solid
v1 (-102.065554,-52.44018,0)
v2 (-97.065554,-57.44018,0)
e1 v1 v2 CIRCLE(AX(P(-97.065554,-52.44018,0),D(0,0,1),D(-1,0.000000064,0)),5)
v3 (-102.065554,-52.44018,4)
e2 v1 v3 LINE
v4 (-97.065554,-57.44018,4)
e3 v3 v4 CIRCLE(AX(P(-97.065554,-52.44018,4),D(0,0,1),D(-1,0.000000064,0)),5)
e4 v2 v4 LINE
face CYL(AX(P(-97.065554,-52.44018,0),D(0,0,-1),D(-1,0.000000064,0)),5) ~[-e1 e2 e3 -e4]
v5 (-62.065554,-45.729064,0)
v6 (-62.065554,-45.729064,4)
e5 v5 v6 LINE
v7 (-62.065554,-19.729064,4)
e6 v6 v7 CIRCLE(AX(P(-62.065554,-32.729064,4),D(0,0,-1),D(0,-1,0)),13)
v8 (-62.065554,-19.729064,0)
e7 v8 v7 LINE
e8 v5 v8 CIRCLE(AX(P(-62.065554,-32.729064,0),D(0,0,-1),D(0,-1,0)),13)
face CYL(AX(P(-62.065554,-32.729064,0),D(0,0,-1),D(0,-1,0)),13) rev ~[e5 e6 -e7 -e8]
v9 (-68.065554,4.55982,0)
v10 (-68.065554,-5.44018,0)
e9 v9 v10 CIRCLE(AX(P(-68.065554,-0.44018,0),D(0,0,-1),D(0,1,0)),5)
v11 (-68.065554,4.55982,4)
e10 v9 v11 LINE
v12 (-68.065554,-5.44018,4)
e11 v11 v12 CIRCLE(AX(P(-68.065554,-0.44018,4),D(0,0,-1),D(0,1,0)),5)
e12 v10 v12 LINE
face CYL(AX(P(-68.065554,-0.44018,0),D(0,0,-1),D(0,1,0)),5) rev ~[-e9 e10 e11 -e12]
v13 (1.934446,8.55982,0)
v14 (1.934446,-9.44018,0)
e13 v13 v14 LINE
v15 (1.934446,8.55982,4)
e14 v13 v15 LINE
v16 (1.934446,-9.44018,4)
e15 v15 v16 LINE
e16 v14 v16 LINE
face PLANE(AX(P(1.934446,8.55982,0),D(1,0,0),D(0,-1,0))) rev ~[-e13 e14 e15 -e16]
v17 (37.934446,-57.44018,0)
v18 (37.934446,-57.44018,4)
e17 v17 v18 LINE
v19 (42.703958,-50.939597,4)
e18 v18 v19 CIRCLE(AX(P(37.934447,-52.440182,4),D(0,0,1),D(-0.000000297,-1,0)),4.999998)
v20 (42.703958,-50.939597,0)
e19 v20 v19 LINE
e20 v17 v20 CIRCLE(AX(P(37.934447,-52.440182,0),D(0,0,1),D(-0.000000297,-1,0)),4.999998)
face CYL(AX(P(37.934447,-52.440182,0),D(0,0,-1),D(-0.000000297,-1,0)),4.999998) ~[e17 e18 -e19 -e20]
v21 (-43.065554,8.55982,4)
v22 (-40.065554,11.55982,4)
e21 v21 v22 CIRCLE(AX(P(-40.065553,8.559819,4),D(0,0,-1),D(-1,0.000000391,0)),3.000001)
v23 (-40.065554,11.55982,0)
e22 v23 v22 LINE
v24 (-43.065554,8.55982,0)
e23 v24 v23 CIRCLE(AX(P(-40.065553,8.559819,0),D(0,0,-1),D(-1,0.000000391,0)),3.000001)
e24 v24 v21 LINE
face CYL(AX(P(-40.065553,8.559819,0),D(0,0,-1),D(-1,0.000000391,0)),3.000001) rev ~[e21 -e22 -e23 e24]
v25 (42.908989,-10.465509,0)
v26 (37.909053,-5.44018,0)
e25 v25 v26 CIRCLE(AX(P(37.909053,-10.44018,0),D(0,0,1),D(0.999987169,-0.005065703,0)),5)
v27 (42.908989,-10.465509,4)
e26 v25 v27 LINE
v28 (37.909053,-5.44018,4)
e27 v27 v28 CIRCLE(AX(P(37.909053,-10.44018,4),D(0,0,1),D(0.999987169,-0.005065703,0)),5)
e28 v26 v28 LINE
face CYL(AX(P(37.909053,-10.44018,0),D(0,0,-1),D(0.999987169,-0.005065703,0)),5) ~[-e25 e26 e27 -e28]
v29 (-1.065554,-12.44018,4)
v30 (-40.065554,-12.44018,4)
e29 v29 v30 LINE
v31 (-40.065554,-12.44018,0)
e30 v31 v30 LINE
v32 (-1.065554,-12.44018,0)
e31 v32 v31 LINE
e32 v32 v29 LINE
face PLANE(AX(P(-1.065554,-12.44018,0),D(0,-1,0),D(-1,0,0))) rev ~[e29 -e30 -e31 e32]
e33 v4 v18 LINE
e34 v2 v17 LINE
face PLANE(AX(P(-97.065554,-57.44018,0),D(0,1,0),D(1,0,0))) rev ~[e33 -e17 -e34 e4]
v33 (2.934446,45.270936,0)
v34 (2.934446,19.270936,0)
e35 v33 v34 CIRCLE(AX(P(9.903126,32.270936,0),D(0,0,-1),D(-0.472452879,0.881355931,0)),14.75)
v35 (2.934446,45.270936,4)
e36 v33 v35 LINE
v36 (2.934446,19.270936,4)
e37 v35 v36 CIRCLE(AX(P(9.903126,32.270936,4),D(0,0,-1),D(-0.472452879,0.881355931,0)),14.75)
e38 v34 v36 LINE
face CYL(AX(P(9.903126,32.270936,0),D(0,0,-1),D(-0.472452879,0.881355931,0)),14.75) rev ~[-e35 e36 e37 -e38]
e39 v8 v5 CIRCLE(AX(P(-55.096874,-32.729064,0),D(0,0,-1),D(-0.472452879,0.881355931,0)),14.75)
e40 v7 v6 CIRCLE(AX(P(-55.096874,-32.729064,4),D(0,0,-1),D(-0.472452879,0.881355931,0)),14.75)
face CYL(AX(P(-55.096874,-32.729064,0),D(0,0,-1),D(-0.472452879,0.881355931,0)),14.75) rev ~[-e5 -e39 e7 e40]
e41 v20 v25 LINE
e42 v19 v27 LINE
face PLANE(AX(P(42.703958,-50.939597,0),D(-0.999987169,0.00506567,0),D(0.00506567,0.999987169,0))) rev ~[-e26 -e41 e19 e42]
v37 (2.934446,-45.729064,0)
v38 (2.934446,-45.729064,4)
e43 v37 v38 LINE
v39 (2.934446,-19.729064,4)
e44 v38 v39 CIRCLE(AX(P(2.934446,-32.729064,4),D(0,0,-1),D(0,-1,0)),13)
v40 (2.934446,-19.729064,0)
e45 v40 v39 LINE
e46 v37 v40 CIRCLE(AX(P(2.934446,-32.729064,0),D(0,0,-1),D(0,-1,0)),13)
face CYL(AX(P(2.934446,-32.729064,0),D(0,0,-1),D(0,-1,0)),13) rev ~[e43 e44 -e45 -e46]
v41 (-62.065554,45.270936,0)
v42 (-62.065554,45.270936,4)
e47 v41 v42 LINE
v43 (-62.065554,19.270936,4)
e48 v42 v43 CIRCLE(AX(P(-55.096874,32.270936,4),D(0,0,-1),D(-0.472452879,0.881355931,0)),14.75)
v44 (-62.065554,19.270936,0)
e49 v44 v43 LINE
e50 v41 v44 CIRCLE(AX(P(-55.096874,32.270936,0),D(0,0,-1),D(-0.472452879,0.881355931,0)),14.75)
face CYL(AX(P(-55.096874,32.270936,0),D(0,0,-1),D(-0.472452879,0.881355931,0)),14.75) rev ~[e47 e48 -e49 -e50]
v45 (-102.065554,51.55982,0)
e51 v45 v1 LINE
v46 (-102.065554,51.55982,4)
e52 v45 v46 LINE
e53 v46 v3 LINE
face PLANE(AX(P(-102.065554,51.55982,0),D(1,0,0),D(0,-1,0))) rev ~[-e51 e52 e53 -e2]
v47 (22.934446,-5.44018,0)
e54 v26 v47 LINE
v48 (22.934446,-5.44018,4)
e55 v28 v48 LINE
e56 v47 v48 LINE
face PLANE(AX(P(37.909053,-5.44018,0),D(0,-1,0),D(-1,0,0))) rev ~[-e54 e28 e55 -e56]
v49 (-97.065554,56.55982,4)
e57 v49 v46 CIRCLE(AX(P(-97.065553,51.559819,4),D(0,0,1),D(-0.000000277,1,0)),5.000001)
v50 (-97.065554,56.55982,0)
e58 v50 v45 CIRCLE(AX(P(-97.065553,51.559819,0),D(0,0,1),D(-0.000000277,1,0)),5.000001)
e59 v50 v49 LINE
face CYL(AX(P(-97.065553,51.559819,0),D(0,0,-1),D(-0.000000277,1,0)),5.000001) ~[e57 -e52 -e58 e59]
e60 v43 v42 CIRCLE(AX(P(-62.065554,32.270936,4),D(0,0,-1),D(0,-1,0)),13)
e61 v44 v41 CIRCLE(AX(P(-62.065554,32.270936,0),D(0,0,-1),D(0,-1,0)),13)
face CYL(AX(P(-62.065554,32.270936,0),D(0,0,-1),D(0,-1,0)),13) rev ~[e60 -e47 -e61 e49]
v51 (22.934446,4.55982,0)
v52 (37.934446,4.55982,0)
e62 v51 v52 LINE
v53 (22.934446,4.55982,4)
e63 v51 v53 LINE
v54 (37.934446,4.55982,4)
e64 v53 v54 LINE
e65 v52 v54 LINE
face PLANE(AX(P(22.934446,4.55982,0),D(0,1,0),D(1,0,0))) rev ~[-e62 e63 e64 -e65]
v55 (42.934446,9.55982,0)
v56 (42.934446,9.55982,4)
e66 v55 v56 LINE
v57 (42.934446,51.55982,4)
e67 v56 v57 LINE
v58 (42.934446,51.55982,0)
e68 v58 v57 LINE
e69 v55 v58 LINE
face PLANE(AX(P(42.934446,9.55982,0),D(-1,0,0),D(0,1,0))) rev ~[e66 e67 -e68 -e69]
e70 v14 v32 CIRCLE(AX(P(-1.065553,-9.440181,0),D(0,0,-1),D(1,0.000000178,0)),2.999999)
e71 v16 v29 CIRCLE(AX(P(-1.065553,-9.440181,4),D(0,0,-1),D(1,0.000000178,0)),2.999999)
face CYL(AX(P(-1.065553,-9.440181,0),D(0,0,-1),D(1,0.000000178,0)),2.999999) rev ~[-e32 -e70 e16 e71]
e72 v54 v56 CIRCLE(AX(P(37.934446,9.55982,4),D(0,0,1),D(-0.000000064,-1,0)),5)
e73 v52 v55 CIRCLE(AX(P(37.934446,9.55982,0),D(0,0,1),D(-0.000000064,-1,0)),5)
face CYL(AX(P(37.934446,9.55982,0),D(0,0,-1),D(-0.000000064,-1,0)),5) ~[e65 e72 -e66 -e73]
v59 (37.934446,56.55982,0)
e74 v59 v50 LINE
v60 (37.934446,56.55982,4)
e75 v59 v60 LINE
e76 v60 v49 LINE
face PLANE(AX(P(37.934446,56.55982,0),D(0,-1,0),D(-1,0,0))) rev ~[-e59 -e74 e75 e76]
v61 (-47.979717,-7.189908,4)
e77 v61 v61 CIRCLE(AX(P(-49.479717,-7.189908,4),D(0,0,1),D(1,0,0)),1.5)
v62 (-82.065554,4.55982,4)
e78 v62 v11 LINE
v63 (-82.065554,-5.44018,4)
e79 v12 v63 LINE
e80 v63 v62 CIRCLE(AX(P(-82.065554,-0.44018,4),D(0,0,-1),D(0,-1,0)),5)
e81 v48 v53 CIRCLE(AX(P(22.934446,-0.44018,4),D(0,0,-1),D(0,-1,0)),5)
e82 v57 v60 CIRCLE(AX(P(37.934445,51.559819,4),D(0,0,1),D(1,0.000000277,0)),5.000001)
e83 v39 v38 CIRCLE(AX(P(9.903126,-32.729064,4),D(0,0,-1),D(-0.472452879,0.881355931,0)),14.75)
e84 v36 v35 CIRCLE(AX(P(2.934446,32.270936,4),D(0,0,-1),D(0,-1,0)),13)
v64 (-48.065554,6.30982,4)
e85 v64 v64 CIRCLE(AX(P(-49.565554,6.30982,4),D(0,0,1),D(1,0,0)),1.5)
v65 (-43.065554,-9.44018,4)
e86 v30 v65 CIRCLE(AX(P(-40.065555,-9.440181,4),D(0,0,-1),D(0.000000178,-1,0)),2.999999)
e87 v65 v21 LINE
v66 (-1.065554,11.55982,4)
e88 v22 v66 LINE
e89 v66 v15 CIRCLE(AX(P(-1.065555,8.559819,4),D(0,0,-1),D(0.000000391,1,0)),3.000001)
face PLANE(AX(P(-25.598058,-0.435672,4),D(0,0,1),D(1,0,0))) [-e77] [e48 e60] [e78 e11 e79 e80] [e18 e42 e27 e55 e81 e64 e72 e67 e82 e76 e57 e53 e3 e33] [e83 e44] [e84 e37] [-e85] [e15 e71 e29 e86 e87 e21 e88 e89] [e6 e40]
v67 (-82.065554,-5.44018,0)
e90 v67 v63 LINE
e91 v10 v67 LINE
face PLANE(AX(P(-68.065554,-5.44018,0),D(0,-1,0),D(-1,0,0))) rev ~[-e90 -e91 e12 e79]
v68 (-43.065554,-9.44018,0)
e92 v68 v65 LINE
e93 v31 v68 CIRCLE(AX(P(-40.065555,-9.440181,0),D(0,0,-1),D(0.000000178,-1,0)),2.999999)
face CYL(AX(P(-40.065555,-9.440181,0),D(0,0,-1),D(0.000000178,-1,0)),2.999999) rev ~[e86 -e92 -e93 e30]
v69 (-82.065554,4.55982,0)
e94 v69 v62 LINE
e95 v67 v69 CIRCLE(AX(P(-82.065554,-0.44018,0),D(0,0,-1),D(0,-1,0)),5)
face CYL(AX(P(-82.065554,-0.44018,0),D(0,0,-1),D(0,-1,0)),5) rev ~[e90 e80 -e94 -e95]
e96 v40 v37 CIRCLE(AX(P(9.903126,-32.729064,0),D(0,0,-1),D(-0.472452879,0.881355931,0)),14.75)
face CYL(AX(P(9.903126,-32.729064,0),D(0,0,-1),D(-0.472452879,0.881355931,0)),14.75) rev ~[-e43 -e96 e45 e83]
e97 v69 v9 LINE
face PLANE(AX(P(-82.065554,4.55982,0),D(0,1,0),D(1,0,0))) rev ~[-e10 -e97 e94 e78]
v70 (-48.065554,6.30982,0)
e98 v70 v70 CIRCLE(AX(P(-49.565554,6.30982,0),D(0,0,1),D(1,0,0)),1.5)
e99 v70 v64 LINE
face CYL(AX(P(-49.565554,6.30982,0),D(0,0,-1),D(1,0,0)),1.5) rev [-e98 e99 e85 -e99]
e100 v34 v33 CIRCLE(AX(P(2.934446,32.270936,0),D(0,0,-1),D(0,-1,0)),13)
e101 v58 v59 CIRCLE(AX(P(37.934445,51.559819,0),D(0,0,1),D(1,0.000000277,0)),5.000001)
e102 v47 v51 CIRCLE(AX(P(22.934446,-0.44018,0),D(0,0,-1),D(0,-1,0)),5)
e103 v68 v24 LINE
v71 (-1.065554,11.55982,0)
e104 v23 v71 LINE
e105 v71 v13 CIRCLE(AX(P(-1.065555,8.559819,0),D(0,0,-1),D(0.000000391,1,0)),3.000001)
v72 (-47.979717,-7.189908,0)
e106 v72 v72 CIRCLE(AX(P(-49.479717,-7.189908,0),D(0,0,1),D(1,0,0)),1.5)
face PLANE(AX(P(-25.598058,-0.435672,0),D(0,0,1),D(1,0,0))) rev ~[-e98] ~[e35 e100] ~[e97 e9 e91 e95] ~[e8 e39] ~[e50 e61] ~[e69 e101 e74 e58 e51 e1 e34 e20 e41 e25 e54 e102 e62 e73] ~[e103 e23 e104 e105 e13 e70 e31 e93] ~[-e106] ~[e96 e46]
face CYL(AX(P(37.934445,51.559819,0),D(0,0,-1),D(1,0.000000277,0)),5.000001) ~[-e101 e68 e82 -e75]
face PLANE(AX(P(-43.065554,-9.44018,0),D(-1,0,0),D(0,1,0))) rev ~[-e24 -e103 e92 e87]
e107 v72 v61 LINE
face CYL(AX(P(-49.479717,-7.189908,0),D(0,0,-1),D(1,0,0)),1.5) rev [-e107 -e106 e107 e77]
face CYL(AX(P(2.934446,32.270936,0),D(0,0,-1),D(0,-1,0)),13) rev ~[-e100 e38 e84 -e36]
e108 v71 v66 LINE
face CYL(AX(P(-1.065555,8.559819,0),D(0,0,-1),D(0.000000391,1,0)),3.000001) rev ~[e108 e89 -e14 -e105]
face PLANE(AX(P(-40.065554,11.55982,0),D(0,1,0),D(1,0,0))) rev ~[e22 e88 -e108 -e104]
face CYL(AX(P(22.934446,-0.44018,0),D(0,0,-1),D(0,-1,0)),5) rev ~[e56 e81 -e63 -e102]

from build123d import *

# Parameters (mm, degrees)
F0_R     = 1.5
F1_DEPTH = 4


with BuildPart() as f1:
    # F0 (on Top) → F1 (new body)
    with BuildSketch(Plane.XY):
        with BuildLine():
            Line((37.934446, 56.55982), (-97.065554, 56.55982))
            ThreePointArc((-97.065554, 56.55982), (-100.601088, 55.095353), (-102.065554, 51.55982))
            Line((-102.065554, 51.55982), (-102.065554, 16.55982))
            Line((-102.065554, 16.55982), (-102.065554, -17.44018))
            Line((-102.065554, -17.44018), (-102.065554, -52.44018))
            ThreePointArc((-102.065554, -52.44018), (-100.601088, -55.975714), (-97.065554, -57.44018))
            Line((-97.065554, -57.44018), (37.934446, -57.44018))
            ThreePointArc((37.934446, -57.44018), (41.965756, -55.397974), (42.703958, -50.939597))
            Line((42.703958, -50.939597), (42.908989, -10.465509))
            ThreePointArc((42.908989, -10.465509), (41.453531, -6.913613), (37.909053, -5.44018))
            Line((37.909053, -5.44018), (36.934446, -5.44018))
            Line((36.934446, -5.44018), (22.934446, -5.44018))
            ThreePointArc((22.934446, -5.44018), (17.934446, -0.44018), (22.934446, 4.55982))
            Line((22.934446, 4.55982), (36.934446, 4.55982))
            Line((36.934446, 4.55982), (37.934446, 4.55982))
            ThreePointArc((37.934446, 4.55982), (41.46998, 6.024286), (42.934446, 9.55982))
            Line((42.934446, 9.55982), (42.934446, 51.55982))
            ThreePointArc((42.934446, 51.55982), (41.46998, 55.095353), (37.934446, 56.55982))
        make_face()
        with BuildLine():
            ThreePointArc((-62.065554, -45.729064), (-75.065554, -32.729064), (-62.065554, -19.729064))
            ThreePointArc((-62.065554, -19.729064), (-40.346874, -32.729064), (-62.065554, -45.729064))
        make_face(mode=Mode.SUBTRACT)
        with Locations((-49.479717, -7.189908)):
            Circle(F0_R, mode=Mode.SUBTRACT)
        with BuildLine():
            ThreePointArc((2.934446, -45.729064), (-10.065554, -32.729064), (2.934446, -19.729064))
            ThreePointArc((2.934446, -19.729064), (24.653126, -32.729064), (2.934446, -45.729064))
        make_face(mode=Mode.SUBTRACT)
        with BuildLine():
            ThreePointArc((-68.065554, 4.55982), (-63.065554, -0.44018), (-68.065554, -5.44018))
            Line((-68.065554, -5.44018), (-82.065554, -5.44018))
            ThreePointArc((-82.065554, -5.44018), (-87.065554, -0.44018), (-82.065554, 4.55982))
            Line((-82.065554, 4.55982), (-68.065554, 4.55982))
        make_face(mode=Mode.SUBTRACT)
        with Locations((-49.565554, 6.30982)):
            Circle(F0_R, mode=Mode.SUBTRACT)
        with BuildLine():
            ThreePointArc((-62.065554, 19.270936), (-75.065554, 32.270936), (-62.065554, 45.270936))
            ThreePointArc((-62.065554, 45.270936), (-40.346874, 32.270936), (-62.065554, 19.270936))
        make_face(mode=Mode.SUBTRACT)
        with BuildLine():
            ThreePointArc((-43.065554, 8.55982), (-42.186874, 10.68114), (-40.065554, 11.55982))
            Line((-40.065554, 11.55982), (-1.065554, 11.55982))
            ThreePointArc((-1.065554, 11.55982), (1.055766, 10.68114), (1.934446, 8.55982))
            Line((1.934446, 8.55982), (1.934446, -9.44018))
            ThreePointArc((1.934446, -9.44018), (1.055766, -11.561501), (-1.065554, -12.44018))
            Line((-1.065554, -12.44018), (-40.065554, -12.44018))
            ThreePointArc((-40.065554, -12.44018), (-42.186874, -11.561501), (-43.065554, -9.44018))
            Line((-43.065554, -9.44018), (-43.065554, 8.55982))
        make_face(mode=Mode.SUBTRACT)
        with BuildLine():
            ThreePointArc((2.934446, 19.270936), (-10.065554, 32.270936), (2.934446, 45.270936))
            ThreePointArc((2.934446, 45.270936), (24.653126, 32.270936), (2.934446, 19.270936))
        make_face(mode=Mode.SUBTRACT)
    extrude(amount=F1_DEPTH)


solid = f1.part
